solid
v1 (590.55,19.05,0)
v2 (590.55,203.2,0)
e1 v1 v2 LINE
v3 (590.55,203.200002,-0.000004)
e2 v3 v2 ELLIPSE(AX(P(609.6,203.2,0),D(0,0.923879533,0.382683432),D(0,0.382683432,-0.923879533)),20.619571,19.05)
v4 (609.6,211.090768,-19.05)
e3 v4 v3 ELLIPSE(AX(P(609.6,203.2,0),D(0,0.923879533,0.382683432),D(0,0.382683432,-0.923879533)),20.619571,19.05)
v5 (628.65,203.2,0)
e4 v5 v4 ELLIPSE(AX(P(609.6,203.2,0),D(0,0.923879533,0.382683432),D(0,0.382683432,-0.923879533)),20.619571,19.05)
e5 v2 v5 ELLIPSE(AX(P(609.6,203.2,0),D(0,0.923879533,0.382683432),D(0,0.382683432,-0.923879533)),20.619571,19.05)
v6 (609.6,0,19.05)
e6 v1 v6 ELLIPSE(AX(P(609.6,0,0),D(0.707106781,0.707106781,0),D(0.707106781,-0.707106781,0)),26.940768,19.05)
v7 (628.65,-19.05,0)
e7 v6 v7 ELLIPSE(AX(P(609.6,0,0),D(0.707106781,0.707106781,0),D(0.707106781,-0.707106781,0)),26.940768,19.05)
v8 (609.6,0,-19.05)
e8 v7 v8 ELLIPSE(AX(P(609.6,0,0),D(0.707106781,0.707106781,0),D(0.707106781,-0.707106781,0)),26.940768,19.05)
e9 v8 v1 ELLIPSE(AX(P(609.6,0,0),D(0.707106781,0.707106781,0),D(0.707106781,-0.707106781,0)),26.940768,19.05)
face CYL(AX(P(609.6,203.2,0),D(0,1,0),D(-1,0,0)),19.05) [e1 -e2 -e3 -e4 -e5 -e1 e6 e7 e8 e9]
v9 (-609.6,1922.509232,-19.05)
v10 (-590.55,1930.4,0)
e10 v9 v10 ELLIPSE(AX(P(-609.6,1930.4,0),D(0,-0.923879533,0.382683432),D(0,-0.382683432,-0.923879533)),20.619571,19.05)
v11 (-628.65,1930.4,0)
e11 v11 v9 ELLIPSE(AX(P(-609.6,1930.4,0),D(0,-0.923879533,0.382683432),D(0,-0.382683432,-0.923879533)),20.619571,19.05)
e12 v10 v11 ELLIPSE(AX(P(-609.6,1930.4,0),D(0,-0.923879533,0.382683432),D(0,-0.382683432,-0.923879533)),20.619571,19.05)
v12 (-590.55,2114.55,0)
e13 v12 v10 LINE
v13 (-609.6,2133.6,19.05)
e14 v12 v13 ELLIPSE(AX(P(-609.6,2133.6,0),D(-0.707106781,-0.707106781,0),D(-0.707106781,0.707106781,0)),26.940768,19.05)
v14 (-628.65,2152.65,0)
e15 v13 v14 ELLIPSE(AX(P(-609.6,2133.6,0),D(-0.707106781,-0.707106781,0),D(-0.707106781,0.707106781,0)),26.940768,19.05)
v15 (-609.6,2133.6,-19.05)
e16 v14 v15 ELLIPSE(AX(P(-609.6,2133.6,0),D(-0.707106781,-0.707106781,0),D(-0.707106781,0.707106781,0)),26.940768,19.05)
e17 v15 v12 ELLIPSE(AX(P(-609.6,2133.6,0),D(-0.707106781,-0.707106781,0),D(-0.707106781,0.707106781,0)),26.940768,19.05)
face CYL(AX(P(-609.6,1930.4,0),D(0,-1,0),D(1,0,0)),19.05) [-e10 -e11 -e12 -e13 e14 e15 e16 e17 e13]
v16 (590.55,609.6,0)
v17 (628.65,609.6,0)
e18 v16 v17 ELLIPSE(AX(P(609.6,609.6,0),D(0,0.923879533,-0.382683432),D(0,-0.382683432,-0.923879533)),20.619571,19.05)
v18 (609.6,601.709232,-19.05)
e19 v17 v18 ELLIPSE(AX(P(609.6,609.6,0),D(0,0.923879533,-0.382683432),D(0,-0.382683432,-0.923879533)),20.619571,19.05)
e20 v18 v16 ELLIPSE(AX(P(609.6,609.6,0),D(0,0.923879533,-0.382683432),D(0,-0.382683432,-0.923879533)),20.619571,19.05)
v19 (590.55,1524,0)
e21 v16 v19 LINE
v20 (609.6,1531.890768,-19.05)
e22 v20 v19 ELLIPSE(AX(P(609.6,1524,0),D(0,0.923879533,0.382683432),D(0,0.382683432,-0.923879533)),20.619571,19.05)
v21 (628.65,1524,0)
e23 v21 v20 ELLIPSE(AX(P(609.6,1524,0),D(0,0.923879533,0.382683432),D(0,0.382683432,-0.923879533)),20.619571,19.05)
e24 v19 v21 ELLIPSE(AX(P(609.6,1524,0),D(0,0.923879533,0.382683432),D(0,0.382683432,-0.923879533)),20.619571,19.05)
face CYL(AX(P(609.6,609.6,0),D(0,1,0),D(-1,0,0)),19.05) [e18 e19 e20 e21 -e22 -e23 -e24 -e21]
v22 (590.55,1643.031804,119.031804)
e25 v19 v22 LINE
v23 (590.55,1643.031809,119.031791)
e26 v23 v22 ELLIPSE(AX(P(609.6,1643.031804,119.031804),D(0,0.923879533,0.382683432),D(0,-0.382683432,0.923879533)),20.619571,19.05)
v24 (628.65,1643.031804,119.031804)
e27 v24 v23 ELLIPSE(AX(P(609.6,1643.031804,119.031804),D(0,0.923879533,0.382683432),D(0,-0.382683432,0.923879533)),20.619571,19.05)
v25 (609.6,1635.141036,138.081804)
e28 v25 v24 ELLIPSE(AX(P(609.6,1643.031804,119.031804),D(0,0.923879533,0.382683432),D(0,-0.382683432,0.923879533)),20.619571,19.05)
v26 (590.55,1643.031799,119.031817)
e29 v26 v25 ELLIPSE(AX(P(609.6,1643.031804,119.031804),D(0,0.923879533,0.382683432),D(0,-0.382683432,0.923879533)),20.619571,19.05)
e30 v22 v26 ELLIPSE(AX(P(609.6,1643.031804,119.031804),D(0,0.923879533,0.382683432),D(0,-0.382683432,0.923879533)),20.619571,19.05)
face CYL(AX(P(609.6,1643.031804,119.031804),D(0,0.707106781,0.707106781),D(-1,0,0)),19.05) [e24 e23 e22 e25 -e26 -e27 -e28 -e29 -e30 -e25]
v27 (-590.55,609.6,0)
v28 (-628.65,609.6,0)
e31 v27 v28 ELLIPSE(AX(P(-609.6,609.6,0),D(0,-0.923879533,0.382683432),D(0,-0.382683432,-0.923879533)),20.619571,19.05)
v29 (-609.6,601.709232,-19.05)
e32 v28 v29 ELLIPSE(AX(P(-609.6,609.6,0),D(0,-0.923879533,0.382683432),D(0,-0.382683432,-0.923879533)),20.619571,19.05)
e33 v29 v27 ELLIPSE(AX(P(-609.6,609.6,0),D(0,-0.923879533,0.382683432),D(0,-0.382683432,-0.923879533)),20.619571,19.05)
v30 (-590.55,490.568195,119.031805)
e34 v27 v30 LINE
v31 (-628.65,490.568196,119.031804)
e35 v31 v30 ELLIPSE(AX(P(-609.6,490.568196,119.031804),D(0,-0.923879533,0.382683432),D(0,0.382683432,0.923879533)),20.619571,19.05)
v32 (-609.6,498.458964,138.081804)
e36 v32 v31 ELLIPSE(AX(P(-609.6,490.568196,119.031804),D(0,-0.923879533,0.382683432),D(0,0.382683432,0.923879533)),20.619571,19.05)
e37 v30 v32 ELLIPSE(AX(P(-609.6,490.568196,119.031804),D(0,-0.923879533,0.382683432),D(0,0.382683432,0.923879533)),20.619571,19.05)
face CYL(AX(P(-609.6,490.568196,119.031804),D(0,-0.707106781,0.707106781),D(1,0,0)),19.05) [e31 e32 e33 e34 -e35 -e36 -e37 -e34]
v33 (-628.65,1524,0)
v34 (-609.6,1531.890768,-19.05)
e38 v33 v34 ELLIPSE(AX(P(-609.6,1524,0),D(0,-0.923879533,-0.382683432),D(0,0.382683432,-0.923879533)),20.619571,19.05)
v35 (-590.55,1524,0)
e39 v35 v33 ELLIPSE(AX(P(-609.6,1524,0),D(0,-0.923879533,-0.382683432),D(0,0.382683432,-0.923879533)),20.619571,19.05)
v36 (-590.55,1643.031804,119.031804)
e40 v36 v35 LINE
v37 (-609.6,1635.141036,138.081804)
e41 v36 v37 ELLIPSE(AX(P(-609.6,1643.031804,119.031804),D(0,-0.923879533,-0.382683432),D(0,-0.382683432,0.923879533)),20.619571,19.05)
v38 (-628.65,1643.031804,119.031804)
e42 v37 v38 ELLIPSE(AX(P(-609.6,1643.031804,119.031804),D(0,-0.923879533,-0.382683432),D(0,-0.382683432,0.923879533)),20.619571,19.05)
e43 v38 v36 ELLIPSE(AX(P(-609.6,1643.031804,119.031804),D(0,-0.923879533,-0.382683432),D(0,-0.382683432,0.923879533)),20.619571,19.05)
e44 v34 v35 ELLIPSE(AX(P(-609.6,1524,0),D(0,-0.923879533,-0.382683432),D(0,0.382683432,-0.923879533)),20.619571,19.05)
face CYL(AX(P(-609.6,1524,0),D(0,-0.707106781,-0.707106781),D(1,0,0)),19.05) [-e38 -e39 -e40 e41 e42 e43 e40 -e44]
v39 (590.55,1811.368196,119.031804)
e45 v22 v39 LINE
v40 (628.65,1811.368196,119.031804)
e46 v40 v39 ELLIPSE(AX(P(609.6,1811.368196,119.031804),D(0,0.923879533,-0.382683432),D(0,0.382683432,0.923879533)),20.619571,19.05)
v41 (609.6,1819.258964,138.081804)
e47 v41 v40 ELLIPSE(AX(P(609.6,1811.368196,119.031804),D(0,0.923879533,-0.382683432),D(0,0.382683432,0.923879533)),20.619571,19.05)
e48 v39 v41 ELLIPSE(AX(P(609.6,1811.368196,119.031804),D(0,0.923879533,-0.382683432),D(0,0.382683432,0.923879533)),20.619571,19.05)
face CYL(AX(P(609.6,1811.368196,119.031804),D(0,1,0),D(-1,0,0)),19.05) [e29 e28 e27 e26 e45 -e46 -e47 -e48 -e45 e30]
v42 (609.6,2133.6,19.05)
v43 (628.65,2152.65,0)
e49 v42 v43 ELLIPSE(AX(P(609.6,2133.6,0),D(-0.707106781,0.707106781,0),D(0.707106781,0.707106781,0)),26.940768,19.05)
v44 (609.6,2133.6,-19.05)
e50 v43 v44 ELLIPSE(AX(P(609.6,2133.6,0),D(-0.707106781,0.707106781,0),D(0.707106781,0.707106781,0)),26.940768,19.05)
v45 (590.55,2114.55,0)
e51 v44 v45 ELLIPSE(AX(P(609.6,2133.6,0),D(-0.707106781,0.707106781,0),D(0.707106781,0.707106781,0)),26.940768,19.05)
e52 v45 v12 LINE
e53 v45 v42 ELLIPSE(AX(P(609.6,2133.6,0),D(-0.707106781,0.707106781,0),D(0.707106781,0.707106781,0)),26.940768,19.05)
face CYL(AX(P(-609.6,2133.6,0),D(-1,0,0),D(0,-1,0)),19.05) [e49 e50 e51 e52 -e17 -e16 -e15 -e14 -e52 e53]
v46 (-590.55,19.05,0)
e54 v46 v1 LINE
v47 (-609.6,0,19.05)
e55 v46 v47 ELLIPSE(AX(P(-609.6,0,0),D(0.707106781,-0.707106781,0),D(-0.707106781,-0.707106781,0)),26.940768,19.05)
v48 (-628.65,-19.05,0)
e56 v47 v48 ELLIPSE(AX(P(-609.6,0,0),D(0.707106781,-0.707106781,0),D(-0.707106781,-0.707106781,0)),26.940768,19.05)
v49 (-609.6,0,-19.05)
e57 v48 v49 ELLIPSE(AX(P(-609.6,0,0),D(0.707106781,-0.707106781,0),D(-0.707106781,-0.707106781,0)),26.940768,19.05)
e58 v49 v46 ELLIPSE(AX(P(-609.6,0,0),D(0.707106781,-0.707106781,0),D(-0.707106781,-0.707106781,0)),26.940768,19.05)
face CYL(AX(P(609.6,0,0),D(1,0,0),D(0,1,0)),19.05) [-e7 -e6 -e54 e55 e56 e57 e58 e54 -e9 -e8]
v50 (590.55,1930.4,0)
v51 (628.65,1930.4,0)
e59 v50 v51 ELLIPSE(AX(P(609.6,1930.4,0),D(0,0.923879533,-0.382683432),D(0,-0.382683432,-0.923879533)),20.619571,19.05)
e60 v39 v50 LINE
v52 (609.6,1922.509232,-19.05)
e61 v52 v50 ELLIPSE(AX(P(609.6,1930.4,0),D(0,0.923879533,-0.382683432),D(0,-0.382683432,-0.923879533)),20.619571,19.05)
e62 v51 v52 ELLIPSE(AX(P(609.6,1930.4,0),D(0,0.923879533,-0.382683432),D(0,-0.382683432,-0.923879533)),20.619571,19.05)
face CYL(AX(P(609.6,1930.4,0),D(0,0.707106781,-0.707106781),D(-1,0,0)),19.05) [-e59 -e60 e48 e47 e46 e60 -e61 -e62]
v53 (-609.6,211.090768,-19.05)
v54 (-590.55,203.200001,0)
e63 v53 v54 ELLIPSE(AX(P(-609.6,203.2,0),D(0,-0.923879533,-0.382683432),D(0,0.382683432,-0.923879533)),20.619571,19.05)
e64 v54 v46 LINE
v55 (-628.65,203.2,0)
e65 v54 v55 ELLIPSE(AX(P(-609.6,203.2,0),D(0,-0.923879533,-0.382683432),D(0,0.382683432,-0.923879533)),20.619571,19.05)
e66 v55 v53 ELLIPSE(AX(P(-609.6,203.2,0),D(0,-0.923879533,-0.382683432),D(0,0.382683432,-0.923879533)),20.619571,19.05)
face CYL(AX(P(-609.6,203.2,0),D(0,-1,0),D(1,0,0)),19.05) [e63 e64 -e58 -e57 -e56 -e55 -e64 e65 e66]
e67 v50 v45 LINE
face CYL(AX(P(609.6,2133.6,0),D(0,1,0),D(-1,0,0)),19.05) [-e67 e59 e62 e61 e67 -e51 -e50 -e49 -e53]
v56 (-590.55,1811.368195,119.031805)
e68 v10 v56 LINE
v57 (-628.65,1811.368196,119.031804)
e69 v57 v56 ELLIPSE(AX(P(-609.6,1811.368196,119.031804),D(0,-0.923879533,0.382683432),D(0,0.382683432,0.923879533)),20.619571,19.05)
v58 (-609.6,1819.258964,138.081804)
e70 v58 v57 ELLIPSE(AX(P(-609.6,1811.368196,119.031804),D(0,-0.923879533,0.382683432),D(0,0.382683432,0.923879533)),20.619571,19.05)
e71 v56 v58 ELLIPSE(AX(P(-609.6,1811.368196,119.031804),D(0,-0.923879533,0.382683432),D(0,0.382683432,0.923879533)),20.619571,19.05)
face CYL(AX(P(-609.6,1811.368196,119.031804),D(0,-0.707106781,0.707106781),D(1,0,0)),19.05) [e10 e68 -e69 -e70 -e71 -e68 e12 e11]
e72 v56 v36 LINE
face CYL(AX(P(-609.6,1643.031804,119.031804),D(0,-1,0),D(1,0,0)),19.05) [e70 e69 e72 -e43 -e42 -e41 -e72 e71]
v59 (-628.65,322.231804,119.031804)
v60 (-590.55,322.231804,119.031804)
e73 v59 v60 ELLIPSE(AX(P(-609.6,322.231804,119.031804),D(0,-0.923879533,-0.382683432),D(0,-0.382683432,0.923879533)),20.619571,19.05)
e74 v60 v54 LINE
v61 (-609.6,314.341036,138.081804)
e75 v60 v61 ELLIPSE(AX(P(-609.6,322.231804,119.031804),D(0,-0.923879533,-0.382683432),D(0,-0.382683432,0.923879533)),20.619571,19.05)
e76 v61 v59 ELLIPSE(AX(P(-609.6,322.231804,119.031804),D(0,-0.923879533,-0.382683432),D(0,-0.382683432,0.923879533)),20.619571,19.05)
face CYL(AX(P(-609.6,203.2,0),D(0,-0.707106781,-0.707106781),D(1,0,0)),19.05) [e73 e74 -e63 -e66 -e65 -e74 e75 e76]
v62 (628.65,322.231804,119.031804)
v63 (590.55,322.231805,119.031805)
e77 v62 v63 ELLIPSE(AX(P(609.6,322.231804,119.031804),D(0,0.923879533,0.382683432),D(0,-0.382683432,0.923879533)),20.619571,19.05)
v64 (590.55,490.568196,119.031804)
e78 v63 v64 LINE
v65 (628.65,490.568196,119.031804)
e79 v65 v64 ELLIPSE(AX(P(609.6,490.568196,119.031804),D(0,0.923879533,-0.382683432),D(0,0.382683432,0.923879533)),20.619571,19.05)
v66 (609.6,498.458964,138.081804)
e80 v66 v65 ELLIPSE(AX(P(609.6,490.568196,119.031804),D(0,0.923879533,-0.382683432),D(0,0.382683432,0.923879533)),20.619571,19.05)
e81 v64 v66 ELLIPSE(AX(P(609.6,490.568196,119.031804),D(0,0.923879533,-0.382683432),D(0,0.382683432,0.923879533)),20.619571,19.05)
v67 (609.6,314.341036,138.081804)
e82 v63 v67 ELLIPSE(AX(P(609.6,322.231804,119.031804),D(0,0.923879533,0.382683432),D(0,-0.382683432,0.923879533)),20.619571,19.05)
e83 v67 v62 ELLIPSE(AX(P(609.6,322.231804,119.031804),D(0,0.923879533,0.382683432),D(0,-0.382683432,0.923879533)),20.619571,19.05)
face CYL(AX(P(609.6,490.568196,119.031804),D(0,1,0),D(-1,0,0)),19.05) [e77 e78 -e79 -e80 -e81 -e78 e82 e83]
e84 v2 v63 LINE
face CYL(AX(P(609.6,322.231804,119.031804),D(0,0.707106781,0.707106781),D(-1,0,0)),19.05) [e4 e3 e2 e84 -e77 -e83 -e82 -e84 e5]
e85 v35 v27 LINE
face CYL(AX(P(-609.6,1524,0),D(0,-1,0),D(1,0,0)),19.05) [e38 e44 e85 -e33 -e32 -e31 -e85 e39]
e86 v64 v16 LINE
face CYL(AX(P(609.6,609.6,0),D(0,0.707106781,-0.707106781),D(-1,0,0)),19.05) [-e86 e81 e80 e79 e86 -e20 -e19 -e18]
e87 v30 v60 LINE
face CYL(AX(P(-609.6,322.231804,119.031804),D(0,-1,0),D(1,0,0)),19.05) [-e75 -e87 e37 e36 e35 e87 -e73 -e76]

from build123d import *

# Parameters (mm, degrees)
F2_R = 19.05


with BuildPart() as f7:
    # F7: sweep along a path in F0, F4, F0, F4, F0, F6, F0, F6, F0
    with BuildLine(Plane.XY) as f7_path:
        Line((-609.6, 203.2), (-609.6, 0))
    with BuildLine(Plane.YZ.offset(-609.6)) as f7_path_2:
        Line((203.2, 0), (322.2318041258, 119.0318041258))
        Line((322.2318041258, 119.0318041258), (490.5681958742, 119.0318041258))
        Line((490.5681958742, 119.0318041258), (609.6, 0))
    with BuildLine(Plane.XY) as f7_path_3:
        Line((-609.6, 1524), (-609.6, 609.6))
    with BuildLine(Plane.YZ.offset(-609.6)) as f7_path_4:
        Line((1524, 0), (1643.0318041258, 119.0318041258))
        Line((1643.0318041258, 119.0318041258), (1811.3681958742, 119.0318041258))
        Line((1811.3681958742, 119.0318041258), (1930.4, 0))
        Line((1930.4, 0), (2133.6, 0))
    with BuildLine(Plane.XY) as f7_path_5:
        Line((-609.6, 2133.6), (609.6, 2133.6))
        Line((609.6, 2133.6), (609.6, 1930.4))
    with BuildLine(Plane.YZ.offset(609.6)) as f7_path_6:
        Line((1930.4, 0), (1811.3681958742, 119.0318041258))
        Line((1811.3681958742, 119.0318041258), (1643.0318041258, 119.0318041258))
        Line((1643.0318041258, 119.0318041258), (1524, 0))
    with BuildLine(Plane.XY) as f7_path_7:
        Line((609.6, 609.6), (609.6, 1524))
    with BuildLine(Plane.YZ.offset(609.6)) as f7_path_8:
        Line((609.6, 0), (490.5681958742, 119.0318041258))
        Line((490.5681958742, 119.0318041258), (322.2318041258, 119.0318041258))
        Line((322.2318041258, 119.0318041258), (203.2, 0))
    with BuildLine(Plane.XY) as f7_path_9:
        Line((609.6, 203.2), (609.6, 0))
        Line((609.6, 0), (-609.6, 0))
    # F2 (on plane+point) → F7 (sweep)
    with BuildSketch(Plane.XZ):
        with Locations((-609.6, 0)):
            Circle(F2_R)
    sweep(path=f7_path.line + f7_path_2.line + f7_path_3.line + f7_path_4.line + f7_path_5.line + f7_path_6.line + f7_path_7.line + f7_path_8.line + f7_path_9.line, transition=Transition.RIGHT)


solid = f7.part
